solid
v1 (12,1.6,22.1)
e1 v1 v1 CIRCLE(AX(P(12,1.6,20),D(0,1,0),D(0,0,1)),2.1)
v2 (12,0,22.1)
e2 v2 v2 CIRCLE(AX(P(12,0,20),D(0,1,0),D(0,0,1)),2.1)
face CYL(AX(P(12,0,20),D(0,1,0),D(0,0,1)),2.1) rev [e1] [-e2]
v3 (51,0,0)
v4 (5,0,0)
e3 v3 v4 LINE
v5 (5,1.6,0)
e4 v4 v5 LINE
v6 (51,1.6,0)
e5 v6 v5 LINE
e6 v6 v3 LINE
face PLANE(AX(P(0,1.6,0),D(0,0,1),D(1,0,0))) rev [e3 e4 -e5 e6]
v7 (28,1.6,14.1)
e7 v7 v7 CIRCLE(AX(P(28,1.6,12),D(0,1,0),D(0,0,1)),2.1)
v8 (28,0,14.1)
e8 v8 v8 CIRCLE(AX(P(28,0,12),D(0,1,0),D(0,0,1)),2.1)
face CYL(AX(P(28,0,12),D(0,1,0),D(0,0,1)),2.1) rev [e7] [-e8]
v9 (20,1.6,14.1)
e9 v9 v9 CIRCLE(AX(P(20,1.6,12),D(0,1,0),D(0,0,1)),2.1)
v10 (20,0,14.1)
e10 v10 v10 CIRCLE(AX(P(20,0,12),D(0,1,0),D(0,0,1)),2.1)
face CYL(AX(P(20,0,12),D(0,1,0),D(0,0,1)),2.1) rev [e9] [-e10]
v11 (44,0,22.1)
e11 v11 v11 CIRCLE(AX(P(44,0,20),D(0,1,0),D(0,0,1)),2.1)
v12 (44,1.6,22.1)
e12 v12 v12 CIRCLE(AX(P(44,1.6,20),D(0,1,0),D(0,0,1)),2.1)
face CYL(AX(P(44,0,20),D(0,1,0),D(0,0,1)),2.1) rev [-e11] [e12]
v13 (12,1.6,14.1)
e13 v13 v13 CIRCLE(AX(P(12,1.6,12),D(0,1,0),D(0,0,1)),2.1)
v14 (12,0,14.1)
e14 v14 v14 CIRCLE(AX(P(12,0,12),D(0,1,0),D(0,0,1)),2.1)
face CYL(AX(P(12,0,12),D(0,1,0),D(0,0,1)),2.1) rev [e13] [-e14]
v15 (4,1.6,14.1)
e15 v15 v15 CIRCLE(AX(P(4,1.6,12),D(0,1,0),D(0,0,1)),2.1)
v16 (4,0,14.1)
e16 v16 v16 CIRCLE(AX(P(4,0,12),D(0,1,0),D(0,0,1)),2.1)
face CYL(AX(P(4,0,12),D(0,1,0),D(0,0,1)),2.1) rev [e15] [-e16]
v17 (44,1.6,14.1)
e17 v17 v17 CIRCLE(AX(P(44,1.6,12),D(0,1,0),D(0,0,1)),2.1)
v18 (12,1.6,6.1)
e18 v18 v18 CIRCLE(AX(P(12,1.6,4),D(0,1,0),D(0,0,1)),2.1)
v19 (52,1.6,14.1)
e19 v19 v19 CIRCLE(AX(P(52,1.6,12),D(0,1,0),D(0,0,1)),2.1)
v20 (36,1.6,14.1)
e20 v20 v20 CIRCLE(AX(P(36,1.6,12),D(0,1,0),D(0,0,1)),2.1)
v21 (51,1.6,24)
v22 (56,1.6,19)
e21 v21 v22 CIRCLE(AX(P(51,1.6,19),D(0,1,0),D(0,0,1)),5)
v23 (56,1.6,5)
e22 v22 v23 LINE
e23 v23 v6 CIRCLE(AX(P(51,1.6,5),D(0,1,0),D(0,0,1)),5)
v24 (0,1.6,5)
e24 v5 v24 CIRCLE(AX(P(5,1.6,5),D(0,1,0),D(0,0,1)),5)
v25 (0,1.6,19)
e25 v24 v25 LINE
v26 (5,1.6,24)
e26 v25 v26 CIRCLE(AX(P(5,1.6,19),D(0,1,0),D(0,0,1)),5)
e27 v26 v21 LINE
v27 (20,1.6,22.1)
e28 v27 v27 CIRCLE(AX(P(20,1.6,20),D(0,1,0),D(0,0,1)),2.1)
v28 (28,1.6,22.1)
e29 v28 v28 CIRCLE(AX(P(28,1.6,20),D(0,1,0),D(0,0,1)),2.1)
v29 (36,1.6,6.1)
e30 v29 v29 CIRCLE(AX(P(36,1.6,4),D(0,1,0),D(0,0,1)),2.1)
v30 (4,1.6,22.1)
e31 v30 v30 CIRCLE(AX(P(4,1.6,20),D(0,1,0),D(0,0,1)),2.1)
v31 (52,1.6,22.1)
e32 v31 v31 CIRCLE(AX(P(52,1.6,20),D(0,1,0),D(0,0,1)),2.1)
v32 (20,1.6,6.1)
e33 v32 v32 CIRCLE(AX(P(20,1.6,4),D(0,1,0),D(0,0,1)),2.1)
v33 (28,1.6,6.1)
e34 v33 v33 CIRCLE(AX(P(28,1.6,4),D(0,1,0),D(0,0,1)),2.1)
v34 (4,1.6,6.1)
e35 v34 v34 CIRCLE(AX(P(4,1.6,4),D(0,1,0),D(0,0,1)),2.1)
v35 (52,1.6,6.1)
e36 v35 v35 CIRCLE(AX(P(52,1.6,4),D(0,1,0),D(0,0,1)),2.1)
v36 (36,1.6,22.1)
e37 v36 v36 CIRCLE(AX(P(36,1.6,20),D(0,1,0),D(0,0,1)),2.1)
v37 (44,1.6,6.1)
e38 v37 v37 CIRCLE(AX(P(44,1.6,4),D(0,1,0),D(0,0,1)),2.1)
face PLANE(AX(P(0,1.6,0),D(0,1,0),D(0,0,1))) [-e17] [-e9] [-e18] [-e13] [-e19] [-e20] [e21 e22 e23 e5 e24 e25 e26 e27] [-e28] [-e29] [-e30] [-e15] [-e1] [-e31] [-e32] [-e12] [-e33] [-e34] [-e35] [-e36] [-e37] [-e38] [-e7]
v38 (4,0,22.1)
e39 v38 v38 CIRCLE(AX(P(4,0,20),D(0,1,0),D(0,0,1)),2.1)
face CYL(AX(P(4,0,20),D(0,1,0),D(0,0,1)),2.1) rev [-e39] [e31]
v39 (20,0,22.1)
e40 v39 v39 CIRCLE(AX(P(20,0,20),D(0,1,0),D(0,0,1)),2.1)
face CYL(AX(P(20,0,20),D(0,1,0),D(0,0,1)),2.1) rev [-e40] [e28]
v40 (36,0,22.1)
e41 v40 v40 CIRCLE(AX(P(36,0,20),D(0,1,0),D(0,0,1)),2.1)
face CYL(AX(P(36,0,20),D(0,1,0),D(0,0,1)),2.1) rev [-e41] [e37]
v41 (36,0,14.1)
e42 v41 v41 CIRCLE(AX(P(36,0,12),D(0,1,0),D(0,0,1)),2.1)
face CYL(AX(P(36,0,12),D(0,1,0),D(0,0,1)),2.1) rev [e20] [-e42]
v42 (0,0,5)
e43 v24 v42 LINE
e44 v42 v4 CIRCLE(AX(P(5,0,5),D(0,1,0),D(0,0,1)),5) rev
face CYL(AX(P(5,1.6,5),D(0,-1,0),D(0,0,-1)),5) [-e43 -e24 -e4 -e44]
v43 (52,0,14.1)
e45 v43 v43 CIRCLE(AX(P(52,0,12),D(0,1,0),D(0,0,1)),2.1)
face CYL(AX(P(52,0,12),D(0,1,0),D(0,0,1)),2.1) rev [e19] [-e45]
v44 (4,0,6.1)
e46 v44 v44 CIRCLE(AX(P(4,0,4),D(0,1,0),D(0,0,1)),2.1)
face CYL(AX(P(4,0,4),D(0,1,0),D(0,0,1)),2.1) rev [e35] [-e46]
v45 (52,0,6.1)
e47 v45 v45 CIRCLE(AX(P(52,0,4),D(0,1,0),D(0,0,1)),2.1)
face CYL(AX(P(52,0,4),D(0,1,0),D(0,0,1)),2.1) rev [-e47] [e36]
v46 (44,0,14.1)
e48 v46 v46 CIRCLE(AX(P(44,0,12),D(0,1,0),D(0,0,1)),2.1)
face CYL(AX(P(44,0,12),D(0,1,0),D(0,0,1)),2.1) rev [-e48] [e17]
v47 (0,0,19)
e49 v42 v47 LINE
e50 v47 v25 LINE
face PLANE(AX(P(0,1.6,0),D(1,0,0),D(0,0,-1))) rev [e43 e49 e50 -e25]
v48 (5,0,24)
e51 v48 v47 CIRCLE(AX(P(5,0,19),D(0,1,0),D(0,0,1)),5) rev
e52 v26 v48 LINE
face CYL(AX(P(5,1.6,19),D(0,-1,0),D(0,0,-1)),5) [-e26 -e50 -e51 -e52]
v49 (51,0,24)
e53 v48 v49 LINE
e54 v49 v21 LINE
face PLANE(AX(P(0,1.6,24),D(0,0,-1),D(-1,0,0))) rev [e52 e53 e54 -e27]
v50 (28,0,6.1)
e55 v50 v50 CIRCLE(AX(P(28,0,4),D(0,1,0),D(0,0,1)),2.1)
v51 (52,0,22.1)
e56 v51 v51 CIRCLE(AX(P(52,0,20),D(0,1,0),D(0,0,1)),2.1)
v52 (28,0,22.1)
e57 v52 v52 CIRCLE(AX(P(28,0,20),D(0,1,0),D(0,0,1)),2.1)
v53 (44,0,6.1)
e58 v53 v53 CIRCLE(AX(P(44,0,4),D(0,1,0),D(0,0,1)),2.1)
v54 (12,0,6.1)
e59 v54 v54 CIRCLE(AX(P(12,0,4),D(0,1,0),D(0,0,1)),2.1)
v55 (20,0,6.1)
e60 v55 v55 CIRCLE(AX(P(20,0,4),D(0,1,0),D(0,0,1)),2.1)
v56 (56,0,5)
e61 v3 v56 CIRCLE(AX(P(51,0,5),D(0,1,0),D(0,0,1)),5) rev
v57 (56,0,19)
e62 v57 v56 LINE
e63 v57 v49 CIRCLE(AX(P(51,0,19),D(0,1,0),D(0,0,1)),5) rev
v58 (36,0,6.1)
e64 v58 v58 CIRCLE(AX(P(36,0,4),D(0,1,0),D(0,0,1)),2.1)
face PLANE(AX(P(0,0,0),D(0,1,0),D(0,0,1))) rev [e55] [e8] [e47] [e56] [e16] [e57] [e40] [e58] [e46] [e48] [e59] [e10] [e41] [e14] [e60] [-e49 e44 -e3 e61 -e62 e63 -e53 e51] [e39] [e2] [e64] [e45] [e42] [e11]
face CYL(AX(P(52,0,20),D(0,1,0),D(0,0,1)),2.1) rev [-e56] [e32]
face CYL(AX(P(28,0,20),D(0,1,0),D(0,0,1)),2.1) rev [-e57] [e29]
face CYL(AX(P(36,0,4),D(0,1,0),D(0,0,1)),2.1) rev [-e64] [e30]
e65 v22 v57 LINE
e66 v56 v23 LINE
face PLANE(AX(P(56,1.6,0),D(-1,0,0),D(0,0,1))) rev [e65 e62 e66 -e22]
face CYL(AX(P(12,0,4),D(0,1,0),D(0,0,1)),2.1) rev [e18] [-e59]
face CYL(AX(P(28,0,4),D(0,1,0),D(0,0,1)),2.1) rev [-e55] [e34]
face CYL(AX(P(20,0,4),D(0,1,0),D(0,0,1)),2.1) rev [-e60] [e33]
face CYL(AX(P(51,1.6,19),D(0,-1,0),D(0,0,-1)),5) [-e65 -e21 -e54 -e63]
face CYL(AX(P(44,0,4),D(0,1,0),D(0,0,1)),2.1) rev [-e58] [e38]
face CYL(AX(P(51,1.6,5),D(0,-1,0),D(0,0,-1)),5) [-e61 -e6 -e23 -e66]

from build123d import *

# Parameters (mm, degrees)
SKETCH1_W            = 56
SKETCH1_H            = 24
BOSS_EXTRUDE1_DEPTH  = 1.6
FILLET1_R            = 5
SKETCH2_R            = 2.1
CUT_EXTRUDE1_DEPTH   = 2.6
LPATTERN1_COUNT      = 7
LPATTERN1_PITCH      = 8
LPATTERN1_COUNT_DIR2 = 3
LPATTERN1_PITCH_DIR2 = 8


with BuildPart() as part:
    # Sketch1 → Boss-Extrude1 (new body)
    with BuildSketch(Plane(origin=(0, 0, 0), x_dir=(1, 0, 0), z_dir=(0, 1, 0))):
        with Locations((28, -12)):
            Rectangle(SKETCH1_W, SKETCH1_H)
    extrude(amount=BOSS_EXTRUDE1_DEPTH)

    # Fillet1
    fillet1_edges = [part.edges().sort_by_distance(p)[0] for p in [
        (0, 0.8, 0),
        (56, 0.8, 0),
        (56, 0.8, 24),
        (0, 0.8, 24),
    ]]
    fillet(fillet1_edges, radius=FILLET1_R)

    # Sketch2 → Cut-Extrude1 (cut, through all)
    with BuildSketch(Plane(origin=(0, 1.6, 0), x_dir=(1, 0, 0), z_dir=(0, 1, 0))):
        with Locations((4, -4)):
            Circle(SKETCH2_R)
    cut_extrude1 = extrude(amount=-CUT_EXTRUDE1_DEPTH, mode=Mode.SUBTRACT)

    # LPattern1: Cut-Extrude1 7 × 3
    with Locations(*[(i * LPATTERN1_PITCH, 0, j * LPATTERN1_PITCH_DIR2) for i in range(LPATTERN1_COUNT) for j in range(LPATTERN1_COUNT_DIR2) if (i, j) != (0, 0)]):
        add(cut_extrude1, mode=Mode.SUBTRACT)


solid = part.part
